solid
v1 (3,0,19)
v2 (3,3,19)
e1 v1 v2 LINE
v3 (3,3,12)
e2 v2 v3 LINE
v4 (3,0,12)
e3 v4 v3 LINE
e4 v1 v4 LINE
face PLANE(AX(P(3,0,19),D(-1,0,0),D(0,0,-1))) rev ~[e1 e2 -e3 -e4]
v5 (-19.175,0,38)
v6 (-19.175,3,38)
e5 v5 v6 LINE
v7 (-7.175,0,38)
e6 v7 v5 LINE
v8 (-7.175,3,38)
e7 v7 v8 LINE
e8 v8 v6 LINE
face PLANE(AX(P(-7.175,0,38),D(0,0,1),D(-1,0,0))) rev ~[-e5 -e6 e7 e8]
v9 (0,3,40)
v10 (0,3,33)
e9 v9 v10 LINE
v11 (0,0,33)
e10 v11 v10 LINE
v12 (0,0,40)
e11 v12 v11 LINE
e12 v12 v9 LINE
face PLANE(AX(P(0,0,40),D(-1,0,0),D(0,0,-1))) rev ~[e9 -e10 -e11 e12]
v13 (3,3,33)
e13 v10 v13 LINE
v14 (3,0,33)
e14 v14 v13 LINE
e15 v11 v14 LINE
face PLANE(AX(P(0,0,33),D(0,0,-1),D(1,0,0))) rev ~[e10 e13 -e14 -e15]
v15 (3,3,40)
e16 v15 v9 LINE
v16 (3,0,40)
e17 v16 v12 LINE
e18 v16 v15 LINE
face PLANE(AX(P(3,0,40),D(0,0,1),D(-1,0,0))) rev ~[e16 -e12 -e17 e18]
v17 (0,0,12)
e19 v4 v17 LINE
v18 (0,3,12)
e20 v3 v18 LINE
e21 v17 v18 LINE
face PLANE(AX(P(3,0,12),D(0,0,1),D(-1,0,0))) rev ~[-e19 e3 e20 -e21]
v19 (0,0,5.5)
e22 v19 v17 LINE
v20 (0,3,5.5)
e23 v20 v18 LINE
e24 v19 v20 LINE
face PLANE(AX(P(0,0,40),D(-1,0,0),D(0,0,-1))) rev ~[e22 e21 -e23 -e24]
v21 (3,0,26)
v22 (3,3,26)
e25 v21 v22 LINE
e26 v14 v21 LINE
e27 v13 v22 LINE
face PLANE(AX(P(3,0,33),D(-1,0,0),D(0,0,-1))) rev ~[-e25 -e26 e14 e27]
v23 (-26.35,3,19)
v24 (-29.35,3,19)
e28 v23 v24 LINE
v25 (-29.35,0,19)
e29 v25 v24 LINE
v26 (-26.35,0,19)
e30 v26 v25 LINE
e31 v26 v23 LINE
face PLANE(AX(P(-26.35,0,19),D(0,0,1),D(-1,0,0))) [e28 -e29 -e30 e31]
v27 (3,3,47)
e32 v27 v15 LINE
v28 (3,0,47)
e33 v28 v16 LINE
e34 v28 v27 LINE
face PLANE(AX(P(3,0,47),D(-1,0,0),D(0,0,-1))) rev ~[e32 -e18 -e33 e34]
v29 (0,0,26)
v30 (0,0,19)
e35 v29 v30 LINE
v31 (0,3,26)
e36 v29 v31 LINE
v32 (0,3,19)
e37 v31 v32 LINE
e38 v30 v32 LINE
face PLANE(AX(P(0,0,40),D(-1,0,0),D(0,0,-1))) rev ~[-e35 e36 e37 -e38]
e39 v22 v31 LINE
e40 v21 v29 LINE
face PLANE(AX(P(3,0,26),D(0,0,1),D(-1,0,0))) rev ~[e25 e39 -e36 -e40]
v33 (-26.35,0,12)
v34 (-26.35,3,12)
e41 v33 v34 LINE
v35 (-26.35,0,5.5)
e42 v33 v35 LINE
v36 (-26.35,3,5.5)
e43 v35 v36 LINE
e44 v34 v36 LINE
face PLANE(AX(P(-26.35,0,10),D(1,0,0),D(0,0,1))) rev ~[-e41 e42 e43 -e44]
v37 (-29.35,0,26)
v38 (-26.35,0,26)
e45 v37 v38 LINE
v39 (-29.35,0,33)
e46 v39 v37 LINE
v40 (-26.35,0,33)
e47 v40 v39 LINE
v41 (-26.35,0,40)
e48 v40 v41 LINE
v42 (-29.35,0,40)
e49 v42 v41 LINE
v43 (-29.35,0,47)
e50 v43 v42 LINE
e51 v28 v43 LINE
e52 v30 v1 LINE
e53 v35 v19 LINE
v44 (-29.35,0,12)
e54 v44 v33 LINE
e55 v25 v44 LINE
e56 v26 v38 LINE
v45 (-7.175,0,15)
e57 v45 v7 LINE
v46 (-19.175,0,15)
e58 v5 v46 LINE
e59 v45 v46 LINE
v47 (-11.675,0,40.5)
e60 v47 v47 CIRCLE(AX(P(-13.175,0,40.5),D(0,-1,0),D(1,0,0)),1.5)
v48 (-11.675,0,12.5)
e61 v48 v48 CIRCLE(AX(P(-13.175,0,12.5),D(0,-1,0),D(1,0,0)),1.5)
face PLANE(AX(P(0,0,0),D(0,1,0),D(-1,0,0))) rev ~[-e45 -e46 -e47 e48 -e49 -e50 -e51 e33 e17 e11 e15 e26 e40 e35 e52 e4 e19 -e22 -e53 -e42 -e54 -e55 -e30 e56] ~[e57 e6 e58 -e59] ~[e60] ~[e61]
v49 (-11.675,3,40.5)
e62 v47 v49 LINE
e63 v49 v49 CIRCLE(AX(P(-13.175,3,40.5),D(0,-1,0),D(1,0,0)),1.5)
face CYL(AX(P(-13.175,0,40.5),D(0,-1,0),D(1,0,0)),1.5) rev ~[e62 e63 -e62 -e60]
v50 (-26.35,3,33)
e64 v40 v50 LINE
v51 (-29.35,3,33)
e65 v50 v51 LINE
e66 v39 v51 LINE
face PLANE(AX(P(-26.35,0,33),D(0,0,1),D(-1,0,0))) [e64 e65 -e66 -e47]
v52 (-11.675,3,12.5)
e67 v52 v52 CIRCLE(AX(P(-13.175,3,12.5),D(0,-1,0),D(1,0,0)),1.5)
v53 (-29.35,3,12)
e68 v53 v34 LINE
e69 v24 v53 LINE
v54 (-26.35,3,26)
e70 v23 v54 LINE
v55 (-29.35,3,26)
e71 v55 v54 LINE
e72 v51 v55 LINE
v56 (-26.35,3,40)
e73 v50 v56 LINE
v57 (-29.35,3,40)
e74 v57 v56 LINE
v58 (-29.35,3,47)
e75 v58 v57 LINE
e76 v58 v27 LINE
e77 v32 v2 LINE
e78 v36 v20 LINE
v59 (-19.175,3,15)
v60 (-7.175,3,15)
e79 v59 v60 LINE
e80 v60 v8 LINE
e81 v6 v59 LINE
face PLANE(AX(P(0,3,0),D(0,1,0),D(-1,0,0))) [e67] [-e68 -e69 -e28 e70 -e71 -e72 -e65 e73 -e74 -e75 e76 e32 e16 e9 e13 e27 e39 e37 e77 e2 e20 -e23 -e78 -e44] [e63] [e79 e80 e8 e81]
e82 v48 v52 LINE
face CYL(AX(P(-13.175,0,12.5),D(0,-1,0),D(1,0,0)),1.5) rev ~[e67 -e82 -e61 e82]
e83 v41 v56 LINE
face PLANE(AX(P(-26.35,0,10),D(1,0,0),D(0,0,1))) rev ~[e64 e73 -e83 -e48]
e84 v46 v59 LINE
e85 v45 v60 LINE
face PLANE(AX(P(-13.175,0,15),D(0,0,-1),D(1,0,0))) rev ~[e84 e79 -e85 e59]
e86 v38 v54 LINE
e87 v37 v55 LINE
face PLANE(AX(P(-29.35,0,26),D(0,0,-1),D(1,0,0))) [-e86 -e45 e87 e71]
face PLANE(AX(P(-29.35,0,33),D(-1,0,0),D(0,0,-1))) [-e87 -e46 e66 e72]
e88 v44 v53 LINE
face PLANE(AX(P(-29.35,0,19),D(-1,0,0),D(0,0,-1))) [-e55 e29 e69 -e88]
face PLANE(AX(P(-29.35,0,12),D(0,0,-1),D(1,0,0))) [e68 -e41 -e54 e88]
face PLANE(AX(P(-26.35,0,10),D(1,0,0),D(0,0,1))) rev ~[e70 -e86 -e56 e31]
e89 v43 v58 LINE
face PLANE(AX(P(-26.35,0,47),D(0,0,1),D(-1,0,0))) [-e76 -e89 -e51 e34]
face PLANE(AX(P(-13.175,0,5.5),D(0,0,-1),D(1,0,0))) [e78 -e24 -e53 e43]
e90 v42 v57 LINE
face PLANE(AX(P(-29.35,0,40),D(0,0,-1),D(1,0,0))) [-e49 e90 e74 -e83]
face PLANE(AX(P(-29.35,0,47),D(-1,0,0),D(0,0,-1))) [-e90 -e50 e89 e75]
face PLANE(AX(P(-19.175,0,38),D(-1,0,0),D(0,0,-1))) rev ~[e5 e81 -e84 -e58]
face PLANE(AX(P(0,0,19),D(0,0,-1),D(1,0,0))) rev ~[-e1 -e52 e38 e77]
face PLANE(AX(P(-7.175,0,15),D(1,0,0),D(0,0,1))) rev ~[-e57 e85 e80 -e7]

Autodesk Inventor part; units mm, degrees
ref_plane "YZ Plane" through (0, 0, 0) normal (1, 0, 0) x (0, 1, 0)
ref_plane "XZ Plane" through (0, 0, 0) normal (0, 1, 0) x (-1, 0, 0)
ref_plane "XY Plane" through (0, 0, 0) normal (0, 0, 1) x (1, 0, 0)
sketch "Boceto1" plane through (0, 0, 0) normal (0, 1, 0) x (-1, 0, 0)
  line L0 (0, 0) -> (26.35, 0)
  line L1 (26.35, 10) -> (0, 10)
  line L2 (26.35, 10) -> (29.35, 10)
  line L3 (29.35, 10) -> (29.35, 0)
  line L4 (29.35, 0) -> (26.35, 0)
  line L5 (0, 10) -> (-3, 10)
  line L6 (-3, 10) -> (-3, 0)
  line L7 (-3, 0) -> (0, 0)
extrude "Extrusión1" add sketch "Boceto1" along normal blind 3
sketch "Boceto2" plane through (0, 0, 0) normal (0, -1, 0) x (1, 0, 0)
  line L0 (-26.35, 10) -> (-26.35, 40)
  line L1 (-26.35, 47) -> (0, 47)
  line L2 (0, 40) -> (0, 10)
  line L3 (-26.35, 10) -> (0, 10)
  line L4 (-13.175, 15) -> (-7.175, 15)
  line L5 (-7.175, 15) -> (-7.175, 38)
  line L6 (-7.175, 38) -> (-19.175, 38)
  line L7 (-19.175, 38) -> (-19.175, 15)
  line L8 (-19.175, 15) -> (-13.175, 15)
  circle A0 centre (-13.175, 40.5) radius 1.5
  circle A1 centre (-13.175, 12.5) radius 1.5
  line L9 (-26.35, 47) -> (-29.35, 47)
  line L10 (-29.35, 47) -> (-29.35, 40)
  line L11 (-29.35, 40) -> (-26.35, 40)
  line L12 (0, 47) -> (3, 47)
  line L13 (3, 47) -> (3, 40)
  line L14 (3, 40) -> (0, 40)
  point P0 (0, 0)
  dimension "d19" = 7
  dimension "d20" = 3
extrude "Extrusión2" add sketch "Boceto2" against normal blind 3
sketch "Boceto3" plane through (0, 0, 0) normal (0, -1, 0) x (1, 0, 0)
  line L0 (0, 33) -> (3, 33)
  line L1 (3, 33) -> (3, 26)
  line L2 (3, 26) -> (0, 26)
  line L3 (0, 26) -> (0, 33)
  line L4 (-26.35, 33) -> (-29.35, 33)
  line L5 (-29.35, 33) -> (-29.35, 26)
  line L6 (-29.35, 26) -> (-26.35, 26)
  line L7 (-26.35, 26) -> (-26.35, 33)
  line L8 (-26.35, 19) -> (-29.35, 19)
  line L9 (-29.35, 19) -> (-29.35, 12)
  line L10 (-29.35, 12) -> (-26.35, 12)
  line L11 (-26.35, 12) -> (-26.35, 19)
  line L12 (0, 19) -> (3, 19)
  line L13 (3, 19) -> (3, 12)
  line L14 (3, 12) -> (0, 12)
  line L15 (0, 12) -> (0, 19)
  point P0 (0, 0)
  point P1 (0, 40)
extrude "Extrusión3" add sketch "Boceto3" against normal blind 3
sketch "Boceto4" plane through (0, 0, 0) normal (0, -1, 0) x (1, 0, 0)
  line L0 (-13.175, 5.5) -> (-26.35, 5.5)
  line L1 (-26.35, 5.5) -> (-29.35, 5.5)
  line L2 (-29.35, 0) -> (-29.35, 10) projected
  line L3 (-13.175, 5.5) -> (3, 5.5)
  line L4 (3, 10) -> (3, 0) projected
  line L5 (3, 0) -> (-29.35, 0) projected
  line L6 (3, 5.5) -> (3, 0)
  line L7 (3, 0) -> (-29.35, 0)
  line L8 (-29.35, 0) -> (-29.35, 5.5)
  point P0 (0, 0)
  point P1 (-13.175, 12.5)
  point P2 (-26.35, 10)
extrude "Extrusión4" cut sketch "Boceto4" against normal blind 3
sketch "Boceto5" plane through (0, 0, 0) normal (0, -1, 0) x (1, 0, 0)
  line L0 (-26.35, 10) -> (-26.35, 12) projected
  line L1 (-26.35, 10) -> (-26.35, 5.5)
  line L2 (-26.35, 5.5) -> (-29.35, 5.5)
  line L3 (-29.35, 10) -> (-26.35, 10) projected
  line L4 (-29.35, 5.5) -> (-29.35, 10)
  line L5 (-29.35, 10) -> (-26.35, 10)
  line L6 (0, 10) -> (3, 10) projected
  line L7 (0, 10) -> (3, 10)
  line L8 (3, 10) -> (3, 5.5) projected
  line L9 (3, 10) -> (3, 5.5)
  line L10 (3, 5.5) -> (0, 5.5)
  line L11 (0, 10) -> (0, 5.5)
  point P0 (0, 0)
extrude "Extrusión5" cut sketch "Boceto5" against normal blind 3
properties part number "muñeca1"
